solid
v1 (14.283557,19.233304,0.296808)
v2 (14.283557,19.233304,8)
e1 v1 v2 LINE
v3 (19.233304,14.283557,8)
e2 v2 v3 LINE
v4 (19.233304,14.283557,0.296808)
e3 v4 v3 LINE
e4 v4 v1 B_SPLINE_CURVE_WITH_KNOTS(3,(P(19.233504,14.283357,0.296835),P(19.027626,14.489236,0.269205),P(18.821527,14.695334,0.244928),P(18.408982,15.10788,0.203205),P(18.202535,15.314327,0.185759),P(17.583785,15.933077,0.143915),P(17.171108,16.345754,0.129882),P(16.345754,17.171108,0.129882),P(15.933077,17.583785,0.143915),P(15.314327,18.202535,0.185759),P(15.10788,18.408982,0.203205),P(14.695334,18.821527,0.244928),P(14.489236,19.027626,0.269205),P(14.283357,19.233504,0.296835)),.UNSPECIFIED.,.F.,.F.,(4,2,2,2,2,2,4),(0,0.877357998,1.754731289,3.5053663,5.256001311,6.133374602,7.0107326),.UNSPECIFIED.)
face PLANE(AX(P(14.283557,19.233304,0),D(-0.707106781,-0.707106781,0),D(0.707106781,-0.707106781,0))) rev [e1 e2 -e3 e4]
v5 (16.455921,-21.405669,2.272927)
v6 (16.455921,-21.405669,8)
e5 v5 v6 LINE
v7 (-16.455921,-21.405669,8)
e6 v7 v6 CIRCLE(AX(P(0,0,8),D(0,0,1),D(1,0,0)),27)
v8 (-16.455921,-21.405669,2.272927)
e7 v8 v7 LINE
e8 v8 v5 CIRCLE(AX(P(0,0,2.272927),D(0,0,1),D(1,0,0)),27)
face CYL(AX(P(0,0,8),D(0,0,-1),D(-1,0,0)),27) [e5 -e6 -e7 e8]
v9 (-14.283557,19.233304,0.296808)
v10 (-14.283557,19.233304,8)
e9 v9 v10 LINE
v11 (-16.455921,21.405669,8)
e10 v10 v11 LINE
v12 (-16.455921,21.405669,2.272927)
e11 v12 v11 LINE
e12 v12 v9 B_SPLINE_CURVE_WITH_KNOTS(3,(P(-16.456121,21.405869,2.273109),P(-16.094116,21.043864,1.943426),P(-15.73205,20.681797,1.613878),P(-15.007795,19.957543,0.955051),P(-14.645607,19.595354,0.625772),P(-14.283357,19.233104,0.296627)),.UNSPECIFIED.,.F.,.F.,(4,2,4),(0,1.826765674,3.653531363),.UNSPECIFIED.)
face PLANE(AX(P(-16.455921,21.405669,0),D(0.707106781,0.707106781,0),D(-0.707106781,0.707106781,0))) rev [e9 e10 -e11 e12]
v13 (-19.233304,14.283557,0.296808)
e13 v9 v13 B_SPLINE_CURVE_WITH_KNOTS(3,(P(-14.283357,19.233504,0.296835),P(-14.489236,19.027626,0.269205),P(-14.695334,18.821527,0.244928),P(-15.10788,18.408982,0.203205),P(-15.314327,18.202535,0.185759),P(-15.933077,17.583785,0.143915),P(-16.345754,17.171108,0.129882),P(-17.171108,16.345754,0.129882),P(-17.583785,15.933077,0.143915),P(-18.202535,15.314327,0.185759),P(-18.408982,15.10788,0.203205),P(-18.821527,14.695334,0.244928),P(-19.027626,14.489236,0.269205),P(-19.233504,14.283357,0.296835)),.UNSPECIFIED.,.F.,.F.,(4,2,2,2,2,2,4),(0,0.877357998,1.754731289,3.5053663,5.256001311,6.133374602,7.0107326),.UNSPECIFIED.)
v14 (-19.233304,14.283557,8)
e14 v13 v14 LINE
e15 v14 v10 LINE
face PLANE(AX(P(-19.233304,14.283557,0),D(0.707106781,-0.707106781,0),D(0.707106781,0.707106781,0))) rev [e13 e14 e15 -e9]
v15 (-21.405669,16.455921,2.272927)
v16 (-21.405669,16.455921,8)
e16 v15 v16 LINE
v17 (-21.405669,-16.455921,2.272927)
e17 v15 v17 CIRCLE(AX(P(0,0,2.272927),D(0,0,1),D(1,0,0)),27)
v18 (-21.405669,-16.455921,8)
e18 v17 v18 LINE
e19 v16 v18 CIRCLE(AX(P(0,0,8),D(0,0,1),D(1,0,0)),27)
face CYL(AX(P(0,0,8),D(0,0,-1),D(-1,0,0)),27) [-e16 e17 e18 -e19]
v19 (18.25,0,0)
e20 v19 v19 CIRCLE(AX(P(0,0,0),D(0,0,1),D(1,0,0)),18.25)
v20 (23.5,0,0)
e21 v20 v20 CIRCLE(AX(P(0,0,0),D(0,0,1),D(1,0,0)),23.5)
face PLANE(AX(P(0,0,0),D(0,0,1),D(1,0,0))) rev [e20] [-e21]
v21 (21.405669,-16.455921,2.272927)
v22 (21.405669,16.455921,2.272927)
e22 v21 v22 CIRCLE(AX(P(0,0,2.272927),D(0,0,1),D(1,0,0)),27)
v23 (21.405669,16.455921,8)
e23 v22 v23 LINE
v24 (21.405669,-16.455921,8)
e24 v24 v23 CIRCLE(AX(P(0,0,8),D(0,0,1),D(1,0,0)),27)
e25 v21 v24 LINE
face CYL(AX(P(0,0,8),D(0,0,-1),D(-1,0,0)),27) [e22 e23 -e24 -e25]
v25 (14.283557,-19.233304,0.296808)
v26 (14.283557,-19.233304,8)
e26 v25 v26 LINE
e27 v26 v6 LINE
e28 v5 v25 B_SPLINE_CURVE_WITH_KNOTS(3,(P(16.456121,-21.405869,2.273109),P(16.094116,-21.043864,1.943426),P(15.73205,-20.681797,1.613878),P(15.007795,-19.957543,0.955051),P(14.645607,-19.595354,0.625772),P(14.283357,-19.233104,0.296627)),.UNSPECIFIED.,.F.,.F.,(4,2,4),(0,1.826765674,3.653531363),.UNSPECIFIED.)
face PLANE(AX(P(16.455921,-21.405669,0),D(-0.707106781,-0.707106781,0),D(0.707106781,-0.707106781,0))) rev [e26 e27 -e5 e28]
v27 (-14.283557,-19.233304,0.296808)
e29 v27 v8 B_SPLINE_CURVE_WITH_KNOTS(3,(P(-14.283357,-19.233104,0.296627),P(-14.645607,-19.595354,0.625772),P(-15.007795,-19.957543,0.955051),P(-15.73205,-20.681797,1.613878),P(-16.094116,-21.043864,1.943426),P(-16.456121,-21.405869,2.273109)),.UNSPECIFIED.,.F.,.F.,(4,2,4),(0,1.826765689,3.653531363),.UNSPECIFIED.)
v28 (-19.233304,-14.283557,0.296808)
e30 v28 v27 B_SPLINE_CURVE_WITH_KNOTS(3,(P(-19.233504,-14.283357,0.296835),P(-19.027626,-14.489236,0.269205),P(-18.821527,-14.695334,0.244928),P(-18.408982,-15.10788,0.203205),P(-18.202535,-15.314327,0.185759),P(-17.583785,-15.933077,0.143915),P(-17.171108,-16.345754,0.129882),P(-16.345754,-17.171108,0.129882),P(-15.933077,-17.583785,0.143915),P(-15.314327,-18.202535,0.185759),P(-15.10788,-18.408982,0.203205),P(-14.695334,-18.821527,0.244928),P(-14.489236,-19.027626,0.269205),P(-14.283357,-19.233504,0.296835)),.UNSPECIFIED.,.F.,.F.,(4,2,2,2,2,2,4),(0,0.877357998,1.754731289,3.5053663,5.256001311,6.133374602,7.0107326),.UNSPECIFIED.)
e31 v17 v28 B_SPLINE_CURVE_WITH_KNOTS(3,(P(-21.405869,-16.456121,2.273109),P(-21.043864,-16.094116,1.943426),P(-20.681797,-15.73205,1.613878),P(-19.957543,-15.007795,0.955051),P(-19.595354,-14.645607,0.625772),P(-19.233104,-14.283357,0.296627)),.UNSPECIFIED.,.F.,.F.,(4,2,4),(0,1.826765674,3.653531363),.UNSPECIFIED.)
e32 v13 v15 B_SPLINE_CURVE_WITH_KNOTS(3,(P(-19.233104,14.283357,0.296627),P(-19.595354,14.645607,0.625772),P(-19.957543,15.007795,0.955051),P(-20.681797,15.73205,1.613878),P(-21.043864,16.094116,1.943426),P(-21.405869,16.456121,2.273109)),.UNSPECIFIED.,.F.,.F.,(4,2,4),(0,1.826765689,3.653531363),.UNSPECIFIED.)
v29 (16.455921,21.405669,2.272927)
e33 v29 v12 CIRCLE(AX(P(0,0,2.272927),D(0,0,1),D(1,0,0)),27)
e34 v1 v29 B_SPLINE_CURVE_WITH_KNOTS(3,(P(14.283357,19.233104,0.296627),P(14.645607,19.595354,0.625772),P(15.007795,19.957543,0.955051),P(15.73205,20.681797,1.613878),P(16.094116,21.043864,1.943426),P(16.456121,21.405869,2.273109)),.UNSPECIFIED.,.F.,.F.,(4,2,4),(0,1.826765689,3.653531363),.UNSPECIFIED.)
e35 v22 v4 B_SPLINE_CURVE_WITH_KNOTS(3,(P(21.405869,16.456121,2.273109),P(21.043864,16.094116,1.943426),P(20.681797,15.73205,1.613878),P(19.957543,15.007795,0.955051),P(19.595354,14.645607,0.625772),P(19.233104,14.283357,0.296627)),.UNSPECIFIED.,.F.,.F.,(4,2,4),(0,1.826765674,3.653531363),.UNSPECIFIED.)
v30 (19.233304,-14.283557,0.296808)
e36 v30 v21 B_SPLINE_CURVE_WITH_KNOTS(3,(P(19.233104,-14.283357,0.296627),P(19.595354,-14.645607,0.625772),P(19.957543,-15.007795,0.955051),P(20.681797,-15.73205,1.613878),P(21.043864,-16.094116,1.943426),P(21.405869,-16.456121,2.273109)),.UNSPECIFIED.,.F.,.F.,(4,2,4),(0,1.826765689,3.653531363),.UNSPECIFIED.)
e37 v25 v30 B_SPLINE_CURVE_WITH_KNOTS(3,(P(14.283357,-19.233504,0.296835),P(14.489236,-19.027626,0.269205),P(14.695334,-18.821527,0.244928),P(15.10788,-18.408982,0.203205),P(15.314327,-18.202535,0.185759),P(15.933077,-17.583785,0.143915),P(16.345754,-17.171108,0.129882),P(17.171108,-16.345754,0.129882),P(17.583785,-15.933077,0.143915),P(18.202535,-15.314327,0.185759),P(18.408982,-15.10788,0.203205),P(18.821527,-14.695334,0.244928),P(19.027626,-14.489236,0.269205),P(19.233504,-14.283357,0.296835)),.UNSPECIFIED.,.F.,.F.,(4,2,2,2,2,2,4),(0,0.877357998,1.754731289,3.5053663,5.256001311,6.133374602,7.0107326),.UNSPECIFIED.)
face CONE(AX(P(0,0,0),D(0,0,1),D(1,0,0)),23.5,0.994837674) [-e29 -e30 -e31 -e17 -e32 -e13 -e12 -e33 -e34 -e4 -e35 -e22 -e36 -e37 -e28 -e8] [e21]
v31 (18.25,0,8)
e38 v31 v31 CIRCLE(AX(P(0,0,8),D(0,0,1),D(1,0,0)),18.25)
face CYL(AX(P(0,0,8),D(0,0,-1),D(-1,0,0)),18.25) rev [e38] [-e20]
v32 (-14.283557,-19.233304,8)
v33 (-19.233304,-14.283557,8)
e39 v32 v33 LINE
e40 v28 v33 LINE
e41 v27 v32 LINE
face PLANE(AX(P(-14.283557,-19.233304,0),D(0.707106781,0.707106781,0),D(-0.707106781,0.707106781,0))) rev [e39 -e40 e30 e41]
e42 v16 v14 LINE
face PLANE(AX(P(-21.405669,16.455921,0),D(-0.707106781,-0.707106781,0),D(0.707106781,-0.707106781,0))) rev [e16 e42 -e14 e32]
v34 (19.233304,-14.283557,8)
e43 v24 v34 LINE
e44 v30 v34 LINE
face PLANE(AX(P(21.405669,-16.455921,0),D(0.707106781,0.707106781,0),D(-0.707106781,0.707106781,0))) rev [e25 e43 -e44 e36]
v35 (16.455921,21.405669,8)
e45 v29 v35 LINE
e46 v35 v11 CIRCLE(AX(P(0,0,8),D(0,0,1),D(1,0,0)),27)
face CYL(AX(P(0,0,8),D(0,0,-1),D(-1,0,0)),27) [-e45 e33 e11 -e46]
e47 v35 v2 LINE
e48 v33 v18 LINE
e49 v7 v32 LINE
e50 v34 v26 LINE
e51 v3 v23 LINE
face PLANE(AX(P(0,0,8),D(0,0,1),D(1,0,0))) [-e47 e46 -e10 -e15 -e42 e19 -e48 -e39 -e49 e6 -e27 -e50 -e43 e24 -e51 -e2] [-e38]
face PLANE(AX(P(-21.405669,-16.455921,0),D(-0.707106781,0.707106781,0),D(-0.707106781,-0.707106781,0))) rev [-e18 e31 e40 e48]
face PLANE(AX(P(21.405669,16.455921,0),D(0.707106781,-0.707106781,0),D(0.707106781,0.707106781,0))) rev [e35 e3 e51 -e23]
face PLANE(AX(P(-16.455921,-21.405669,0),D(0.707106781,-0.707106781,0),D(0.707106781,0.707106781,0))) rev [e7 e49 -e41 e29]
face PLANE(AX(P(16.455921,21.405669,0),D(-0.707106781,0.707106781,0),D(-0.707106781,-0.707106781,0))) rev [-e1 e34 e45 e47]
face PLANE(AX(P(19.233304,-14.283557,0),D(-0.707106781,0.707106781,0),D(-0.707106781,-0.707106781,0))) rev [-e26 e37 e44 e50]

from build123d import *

# Parameters (mm, degrees)
SKETCH1_R          = 27
SKETCH1_R_2        = 18.25
EXTRUDE1_DEPTH     = 8
CUT_EXTRUDE1_DEPTH = 9
CIRPATTERN1_COUNT  = 4


with BuildPart() as part:
    # Sketch1 → Extrude1 (new body)
    with BuildSketch(Plane.XY):
        Circle(SKETCH1_R)
        Circle(SKETCH1_R_2, mode=Mode.SUBTRACT)
    extrude(amount=EXTRUDE1_DEPTH)

    # Sketch2 → Cut-Extrude1 (cut, through all)
    with BuildSketch(Plane.XY.offset(8)):
        with BuildLine():
            Line((16.455921283, 21.405668752), (14.28355698, 19.233304448))
            Line((14.28355698, 19.233304448), (19.233304448, 14.28355698))
            Line((19.233304448, 14.28355698), (21.405668752, 16.455921283))
            ThreePointArc((21.405668752, 16.455921283), (19.091883092, 19.091883092), (16.455921283, 21.405668752))
        make_face()
    cut_extrude1 = extrude(amount=-CUT_EXTRUDE1_DEPTH, mode=Mode.SUBTRACT)

    # CirPattern1: Cut-Extrude1 ×4 about axis
    cirpattern1_axis = Axis((0, 0, 0), (0, 0, 1))
    for i in range(1, CIRPATTERN1_COUNT):
        add(cut_extrude1.rotate(cirpattern1_axis, i * 360 / CIRPATTERN1_COUNT), mode=Mode.SUBTRACT)

    # Sketch3 → Cut-Revolve1 (revolve, cut)
    with BuildSketch(Plane(origin=(0, 0, 0), x_dir=(1, 0, 0), z_dir=(0, 1, 0))):
        Polygon((27, 0), (23.5, 0), (27, -2.272926576), align=None)
    revolve(axis=Axis((0, 0, 0), (0, 0, -1)), mode=Mode.SUBTRACT)


solid = part.part
